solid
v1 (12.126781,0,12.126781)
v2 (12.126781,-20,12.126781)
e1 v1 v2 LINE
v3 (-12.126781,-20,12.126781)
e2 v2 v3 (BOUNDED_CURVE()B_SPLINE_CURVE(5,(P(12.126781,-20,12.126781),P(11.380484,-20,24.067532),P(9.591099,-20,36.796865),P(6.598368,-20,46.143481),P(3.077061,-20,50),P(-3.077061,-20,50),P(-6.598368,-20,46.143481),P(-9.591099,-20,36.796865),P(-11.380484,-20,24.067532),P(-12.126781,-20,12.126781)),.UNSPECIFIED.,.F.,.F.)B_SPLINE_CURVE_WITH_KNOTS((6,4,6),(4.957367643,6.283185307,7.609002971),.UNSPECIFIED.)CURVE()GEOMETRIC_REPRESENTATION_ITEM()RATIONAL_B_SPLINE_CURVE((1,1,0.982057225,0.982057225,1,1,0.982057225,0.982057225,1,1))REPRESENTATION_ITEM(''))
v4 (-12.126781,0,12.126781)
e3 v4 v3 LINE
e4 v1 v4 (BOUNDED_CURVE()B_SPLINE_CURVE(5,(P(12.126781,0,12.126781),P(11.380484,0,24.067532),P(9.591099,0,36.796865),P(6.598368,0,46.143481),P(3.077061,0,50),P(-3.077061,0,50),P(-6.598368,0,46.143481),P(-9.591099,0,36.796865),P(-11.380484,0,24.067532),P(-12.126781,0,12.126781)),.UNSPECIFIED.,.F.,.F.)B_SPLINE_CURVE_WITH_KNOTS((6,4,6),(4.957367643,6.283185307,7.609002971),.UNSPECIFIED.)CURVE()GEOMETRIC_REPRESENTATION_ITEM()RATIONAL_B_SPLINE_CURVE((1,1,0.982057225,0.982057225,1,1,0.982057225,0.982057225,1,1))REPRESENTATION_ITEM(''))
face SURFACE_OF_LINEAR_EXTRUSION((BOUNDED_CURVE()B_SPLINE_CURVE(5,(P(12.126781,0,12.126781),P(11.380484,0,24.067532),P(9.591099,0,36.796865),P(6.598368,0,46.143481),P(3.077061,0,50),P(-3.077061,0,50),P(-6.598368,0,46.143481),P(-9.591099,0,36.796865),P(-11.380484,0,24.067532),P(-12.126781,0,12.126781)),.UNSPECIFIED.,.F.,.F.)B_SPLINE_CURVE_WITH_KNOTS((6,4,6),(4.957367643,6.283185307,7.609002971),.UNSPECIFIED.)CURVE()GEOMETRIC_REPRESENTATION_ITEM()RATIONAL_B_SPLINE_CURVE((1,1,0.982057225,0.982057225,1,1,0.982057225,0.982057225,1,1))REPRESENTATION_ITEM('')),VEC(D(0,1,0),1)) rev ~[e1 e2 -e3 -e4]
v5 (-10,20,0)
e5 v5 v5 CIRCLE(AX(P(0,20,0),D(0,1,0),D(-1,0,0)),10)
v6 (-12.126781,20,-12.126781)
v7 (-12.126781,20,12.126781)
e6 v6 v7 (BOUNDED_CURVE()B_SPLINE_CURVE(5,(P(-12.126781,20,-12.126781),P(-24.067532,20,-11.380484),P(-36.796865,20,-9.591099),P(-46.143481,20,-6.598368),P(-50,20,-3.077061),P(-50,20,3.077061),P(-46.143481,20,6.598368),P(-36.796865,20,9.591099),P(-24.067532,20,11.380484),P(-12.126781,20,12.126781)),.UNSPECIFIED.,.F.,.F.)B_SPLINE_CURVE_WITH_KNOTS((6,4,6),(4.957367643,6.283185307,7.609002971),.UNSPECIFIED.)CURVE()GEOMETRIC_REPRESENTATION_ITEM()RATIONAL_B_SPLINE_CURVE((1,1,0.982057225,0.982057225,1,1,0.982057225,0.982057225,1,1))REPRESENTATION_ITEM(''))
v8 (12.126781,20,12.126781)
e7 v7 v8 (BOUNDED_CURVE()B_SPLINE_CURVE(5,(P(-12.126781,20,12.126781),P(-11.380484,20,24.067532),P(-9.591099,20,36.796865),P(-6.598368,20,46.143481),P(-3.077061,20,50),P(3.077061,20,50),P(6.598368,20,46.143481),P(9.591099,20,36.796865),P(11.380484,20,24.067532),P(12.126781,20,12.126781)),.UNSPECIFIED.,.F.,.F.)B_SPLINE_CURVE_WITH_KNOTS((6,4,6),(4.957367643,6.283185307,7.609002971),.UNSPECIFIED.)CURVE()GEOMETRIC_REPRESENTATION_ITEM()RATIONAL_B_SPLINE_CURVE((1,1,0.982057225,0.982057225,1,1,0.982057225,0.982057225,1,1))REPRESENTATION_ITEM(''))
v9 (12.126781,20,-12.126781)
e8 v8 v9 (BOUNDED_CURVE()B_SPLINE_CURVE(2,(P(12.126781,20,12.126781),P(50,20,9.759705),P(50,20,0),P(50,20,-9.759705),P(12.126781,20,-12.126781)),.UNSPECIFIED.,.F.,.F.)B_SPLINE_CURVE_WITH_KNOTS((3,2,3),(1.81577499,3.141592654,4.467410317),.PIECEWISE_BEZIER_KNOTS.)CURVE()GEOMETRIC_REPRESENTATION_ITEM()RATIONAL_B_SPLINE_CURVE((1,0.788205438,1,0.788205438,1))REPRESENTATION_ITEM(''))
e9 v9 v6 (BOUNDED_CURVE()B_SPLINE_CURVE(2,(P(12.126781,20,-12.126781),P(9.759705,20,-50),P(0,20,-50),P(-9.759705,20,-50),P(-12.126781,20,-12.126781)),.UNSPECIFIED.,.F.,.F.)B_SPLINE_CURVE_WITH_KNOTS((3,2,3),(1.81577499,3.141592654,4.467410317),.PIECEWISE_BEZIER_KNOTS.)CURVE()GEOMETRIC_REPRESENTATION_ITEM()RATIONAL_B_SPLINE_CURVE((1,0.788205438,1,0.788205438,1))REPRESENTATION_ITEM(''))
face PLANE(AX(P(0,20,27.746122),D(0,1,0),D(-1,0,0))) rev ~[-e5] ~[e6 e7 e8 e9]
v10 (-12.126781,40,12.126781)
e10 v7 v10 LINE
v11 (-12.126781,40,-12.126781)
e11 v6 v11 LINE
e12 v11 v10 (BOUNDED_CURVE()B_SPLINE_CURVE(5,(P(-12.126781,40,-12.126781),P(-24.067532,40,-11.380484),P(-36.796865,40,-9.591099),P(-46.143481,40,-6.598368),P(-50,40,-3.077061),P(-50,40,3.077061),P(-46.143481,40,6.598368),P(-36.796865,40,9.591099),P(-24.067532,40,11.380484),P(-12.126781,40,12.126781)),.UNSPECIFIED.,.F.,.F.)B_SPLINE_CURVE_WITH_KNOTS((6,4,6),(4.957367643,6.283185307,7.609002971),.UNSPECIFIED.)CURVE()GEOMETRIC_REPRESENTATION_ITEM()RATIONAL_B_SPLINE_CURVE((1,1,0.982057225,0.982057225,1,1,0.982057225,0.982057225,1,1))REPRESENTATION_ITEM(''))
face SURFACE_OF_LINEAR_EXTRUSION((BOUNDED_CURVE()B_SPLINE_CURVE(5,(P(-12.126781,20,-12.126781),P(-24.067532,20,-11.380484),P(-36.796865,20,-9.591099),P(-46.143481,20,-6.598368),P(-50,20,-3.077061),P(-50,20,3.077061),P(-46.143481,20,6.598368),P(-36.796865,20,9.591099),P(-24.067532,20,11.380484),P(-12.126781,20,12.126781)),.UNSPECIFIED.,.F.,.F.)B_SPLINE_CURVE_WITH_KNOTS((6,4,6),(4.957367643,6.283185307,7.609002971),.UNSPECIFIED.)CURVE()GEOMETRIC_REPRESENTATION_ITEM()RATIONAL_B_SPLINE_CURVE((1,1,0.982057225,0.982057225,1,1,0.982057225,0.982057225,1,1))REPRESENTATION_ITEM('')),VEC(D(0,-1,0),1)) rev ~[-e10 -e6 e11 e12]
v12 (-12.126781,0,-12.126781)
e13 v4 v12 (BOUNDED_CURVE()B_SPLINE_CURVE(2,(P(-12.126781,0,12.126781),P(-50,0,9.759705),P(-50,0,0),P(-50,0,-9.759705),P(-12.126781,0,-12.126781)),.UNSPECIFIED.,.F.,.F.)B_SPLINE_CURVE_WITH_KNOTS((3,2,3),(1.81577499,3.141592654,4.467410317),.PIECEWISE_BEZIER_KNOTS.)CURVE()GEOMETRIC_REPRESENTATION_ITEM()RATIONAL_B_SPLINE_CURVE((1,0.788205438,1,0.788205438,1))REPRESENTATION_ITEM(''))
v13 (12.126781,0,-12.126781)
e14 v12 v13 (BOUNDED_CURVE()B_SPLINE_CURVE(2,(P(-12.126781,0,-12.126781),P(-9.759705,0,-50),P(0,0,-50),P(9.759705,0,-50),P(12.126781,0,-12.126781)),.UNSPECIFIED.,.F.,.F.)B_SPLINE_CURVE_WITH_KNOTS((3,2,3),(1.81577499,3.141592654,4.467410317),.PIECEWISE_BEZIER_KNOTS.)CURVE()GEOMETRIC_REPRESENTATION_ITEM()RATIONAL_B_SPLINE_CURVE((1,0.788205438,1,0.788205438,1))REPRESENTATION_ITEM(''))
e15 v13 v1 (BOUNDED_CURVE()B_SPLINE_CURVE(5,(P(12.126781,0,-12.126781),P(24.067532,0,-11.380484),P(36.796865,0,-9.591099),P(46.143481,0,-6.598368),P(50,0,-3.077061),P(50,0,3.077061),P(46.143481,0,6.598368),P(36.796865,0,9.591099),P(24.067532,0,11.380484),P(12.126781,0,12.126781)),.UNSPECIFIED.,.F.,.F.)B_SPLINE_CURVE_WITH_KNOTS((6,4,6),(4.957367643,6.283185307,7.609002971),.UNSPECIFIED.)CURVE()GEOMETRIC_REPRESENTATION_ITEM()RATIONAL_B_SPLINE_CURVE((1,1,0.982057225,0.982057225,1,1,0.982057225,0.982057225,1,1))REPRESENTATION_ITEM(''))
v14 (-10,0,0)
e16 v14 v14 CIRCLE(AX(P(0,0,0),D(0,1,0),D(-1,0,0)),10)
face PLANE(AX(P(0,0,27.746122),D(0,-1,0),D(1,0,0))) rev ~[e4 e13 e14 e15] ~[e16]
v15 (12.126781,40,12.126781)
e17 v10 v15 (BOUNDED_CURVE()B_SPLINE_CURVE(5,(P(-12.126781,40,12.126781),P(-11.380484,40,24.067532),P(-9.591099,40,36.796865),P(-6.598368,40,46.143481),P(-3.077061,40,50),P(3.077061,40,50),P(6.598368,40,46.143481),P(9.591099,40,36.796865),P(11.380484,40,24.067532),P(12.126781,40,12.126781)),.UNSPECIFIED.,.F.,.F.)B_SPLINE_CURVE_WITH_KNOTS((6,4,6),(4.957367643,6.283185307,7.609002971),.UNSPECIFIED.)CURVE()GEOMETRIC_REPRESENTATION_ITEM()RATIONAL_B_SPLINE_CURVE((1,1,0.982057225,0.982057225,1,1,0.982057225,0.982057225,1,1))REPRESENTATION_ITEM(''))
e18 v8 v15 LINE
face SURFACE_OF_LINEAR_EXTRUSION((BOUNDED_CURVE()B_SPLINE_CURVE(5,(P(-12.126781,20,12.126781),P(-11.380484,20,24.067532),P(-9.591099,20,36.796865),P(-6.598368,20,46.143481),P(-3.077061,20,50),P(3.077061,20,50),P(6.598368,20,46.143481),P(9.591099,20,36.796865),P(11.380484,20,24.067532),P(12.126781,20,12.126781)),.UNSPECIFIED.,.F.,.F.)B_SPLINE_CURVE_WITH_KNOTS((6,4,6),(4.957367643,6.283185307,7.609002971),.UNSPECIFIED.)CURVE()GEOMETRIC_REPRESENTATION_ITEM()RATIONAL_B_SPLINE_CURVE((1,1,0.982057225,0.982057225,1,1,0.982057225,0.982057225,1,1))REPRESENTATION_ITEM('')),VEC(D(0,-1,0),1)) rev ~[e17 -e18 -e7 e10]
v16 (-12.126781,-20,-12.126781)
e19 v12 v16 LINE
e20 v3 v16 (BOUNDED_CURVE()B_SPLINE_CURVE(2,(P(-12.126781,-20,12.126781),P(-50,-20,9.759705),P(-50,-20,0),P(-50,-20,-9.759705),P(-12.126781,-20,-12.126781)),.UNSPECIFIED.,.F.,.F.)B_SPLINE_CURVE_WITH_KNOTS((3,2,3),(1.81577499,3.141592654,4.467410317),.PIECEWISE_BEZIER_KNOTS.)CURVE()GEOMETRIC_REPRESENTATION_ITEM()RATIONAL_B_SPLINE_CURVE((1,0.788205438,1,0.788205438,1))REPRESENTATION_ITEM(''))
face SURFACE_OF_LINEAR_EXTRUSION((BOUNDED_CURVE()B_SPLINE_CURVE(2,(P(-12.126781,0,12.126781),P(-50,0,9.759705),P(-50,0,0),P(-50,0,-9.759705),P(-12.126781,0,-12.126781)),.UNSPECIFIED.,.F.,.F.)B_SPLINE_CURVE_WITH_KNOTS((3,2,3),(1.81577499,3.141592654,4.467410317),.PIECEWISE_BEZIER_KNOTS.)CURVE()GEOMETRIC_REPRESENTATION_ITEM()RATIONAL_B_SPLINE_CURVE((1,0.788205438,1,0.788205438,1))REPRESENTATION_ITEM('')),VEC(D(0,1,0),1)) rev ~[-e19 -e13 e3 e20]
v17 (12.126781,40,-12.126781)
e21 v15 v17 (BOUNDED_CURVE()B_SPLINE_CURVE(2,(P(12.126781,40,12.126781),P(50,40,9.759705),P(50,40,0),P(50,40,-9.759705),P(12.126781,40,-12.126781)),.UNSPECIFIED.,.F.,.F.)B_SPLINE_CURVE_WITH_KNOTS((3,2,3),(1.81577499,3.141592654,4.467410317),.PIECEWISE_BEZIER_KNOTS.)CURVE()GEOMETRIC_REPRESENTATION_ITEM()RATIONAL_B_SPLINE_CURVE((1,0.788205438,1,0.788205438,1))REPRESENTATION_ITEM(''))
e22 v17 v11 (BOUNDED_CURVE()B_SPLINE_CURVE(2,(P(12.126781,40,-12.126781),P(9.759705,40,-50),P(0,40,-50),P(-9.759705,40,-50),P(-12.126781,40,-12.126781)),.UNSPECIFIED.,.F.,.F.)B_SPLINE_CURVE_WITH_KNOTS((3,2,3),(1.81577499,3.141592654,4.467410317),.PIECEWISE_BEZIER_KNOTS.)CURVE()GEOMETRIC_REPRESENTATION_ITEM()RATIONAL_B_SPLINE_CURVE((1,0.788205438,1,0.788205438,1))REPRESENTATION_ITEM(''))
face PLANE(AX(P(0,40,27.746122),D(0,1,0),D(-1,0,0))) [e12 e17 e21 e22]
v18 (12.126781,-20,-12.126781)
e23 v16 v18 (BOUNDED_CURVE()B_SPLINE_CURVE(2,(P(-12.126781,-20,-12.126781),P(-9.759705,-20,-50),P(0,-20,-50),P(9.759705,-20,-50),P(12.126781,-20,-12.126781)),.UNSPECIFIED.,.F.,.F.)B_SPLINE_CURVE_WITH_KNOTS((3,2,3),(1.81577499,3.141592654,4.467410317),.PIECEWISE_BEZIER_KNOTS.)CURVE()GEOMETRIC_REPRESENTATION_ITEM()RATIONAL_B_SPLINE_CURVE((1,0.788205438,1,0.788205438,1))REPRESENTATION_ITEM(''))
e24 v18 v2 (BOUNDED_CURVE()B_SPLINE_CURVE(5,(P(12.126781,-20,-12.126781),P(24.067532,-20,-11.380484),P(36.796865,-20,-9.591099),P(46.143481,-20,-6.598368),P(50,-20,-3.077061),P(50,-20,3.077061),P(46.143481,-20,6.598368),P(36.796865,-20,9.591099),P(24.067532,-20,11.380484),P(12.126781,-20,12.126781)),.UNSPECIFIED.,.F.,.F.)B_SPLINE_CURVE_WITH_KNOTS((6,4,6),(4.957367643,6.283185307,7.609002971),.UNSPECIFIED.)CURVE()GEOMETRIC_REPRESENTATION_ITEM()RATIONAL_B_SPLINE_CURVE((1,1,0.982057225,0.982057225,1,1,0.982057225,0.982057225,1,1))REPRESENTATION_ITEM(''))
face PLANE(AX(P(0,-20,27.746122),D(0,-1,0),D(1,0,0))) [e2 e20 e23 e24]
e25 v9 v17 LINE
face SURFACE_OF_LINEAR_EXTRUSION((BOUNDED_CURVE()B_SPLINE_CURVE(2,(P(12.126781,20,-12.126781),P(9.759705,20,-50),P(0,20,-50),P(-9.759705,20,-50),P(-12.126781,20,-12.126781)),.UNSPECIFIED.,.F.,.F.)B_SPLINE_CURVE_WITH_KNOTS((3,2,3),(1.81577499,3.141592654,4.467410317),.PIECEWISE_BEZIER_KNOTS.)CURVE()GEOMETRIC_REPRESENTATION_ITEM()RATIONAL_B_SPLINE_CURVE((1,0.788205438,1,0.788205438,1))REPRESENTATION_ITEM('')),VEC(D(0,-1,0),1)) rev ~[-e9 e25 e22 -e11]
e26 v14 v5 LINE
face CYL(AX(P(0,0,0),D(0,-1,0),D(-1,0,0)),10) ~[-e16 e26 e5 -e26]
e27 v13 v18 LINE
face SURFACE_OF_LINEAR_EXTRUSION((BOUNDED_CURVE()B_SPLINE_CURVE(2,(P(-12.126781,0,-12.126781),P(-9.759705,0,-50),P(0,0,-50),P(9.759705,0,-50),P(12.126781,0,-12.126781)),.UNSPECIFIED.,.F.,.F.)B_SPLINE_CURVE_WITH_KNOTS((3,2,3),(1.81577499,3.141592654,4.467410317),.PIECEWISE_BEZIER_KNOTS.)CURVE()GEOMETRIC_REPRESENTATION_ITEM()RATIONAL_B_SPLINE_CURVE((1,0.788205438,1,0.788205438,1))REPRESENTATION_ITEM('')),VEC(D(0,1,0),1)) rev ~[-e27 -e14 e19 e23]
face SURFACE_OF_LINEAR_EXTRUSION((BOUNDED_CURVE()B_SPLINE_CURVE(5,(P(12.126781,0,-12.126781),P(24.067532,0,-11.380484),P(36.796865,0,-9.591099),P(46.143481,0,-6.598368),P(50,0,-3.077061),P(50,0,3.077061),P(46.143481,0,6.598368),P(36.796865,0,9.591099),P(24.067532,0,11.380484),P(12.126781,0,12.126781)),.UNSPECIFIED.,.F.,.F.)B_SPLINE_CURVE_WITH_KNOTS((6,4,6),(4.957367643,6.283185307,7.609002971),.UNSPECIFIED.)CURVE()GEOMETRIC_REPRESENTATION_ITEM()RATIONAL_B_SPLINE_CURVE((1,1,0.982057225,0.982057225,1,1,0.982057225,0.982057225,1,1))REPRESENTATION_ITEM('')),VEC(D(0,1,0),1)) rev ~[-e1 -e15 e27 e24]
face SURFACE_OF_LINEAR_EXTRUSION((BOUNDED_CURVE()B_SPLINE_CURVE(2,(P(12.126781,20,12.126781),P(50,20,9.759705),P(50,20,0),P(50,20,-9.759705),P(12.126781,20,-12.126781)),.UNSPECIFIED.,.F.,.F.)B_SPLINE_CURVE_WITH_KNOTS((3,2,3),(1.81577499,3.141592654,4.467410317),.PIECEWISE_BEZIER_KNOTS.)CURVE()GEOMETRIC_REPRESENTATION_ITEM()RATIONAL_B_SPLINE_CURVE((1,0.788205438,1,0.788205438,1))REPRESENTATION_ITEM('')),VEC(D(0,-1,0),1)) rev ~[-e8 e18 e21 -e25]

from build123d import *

# Parameters (mm, degrees)
F1_DEPTH = 20
F2_R     = 10
F3_DEPTH = 20
F5_DEPTH = 20


with BuildPart() as f1:
    # F0 (on Front) → F1 (new body)
    with BuildSketch(Plane.XZ):
        with BuildLine():
            add(Edge.make_bspline(
                [(12.1267812518, 12.1267812518), (9.7597050801, 50), (0, 50)],
                knots=[4.9573676435, 4.9573676435, 4.9573676435, 6.2831853072, 6.2831853072, 6.2831853072], degree=2, weights=[1, 0.788205438, 1]))
            add(Edge.make_bspline(
                [(0, 50), (-9.7597050801, 50), (-12.1267812518, 12.1267812518)],
                knots=[0, 0, 0, 1.3258176637, 1.3258176637, 1.3258176637], degree=2, weights=[1, 0.788205438, 1]))
            add(Edge.make_bspline(
                [(12.1267812518, 12.1267812518), (0, 12.8847050801), (-12.1267812518, 12.1267812518)],
                knots=[1.3258176637, 1.3258176637, 1.3258176637, 1.8157749899, 1.8157749899, 1.8157749899], degree=2, weights=[1, 0.9701425001, 1]))
        make_face()
        with BuildLine():
            add(Edge.make_bspline(
                [(12.1267812518, 12.1267812518), (0, 12.8847050801), (-12.1267812518, 12.1267812518)],
                knots=[1.3258176637, 1.3258176637, 1.3258176637, 1.8157749899, 1.8157749899, 1.8157749899], degree=2, weights=[1, 0.9701425001, 1]))
            add(Edge.make_bspline(
                [(-12.1267812518, 12.1267812518), (-12.8847050801, 0), (-12.1267812518, -12.1267812518)],
                knots=[1.3258176637, 1.3258176637, 1.3258176637, 1.8157749899, 1.8157749899, 1.8157749899], degree=2, weights=[1, 0.9701425001, 1]))
            add(Edge.make_bspline(
                [(-12.1267812518, -12.1267812518), (0, -12.8847050801), (12.1267812518, -12.1267812518)],
                knots=[4.4674103173, 4.4674103173, 4.4674103173, 4.9573676435, 4.9573676435, 4.9573676435], degree=2, weights=[1, 0.9701425001, 1]))
            add(Edge.make_bspline(
                [(12.1267812518, -12.1267812518), (12.8847050801, 0), (12.1267812518, 12.1267812518)],
                knots=[4.4674103173, 4.4674103173, 4.4674103173, 4.9573676435, 4.9573676435, 4.9573676435], degree=2, weights=[1, 0.9701425001, 1]))
        make_face()
        with BuildLine():
            add(Edge.make_bspline(
                [(-12.1267812518, 12.1267812518), (-12.8847050801, 0), (-12.1267812518, -12.1267812518)],
                knots=[1.3258176637, 1.3258176637, 1.3258176637, 1.8157749899, 1.8157749899, 1.8157749899], degree=2, weights=[1, 0.9701425001, 1]))
            add(Edge.make_bspline(
                [(-12.1267812518, 12.1267812518), (-50, 9.7597050801), (-50, 0), (-50, -9.7597050801), (-12.1267812518, -12.1267812518)],
                knots=[1.8157749899, 1.8157749899, 1.8157749899, 3.1415926536, 3.1415926536, 4.4674103173, 4.4674103173, 4.4674103173], degree=2, weights=[1, 0.788205438, 1, 0.788205438, 1]))
        make_face()
        with BuildLine():
            add(Edge.make_bspline(
                [(50, 0), (50, 9.7597050801), (12.1267812518, 12.1267812518)],
                knots=[0, 0, 0, 1.3258176637, 1.3258176637, 1.3258176637], degree=2, weights=[1, 0.788205438, 1]))
            add(Edge.make_bspline(
                [(12.1267812518, -12.1267812518), (12.8847050801, 0), (12.1267812518, 12.1267812518)],
                knots=[4.4674103173, 4.4674103173, 4.4674103173, 4.9573676435, 4.9573676435, 4.9573676435], degree=2, weights=[1, 0.9701425001, 1]))
            add(Edge.make_bspline(
                [(12.1267812518, -12.1267812518), (50, -9.7597050801), (50, 0)],
                knots=[4.9573676435, 4.9573676435, 4.9573676435, 6.2831853072, 6.2831853072, 6.2831853072], degree=2, weights=[1, 0.788205438, 1]))
        make_face()
        with BuildLine():
            add(Edge.make_bspline(
                [(-12.1267812518, -12.1267812518), (0, -12.8847050801), (12.1267812518, -12.1267812518)],
                knots=[4.4674103173, 4.4674103173, 4.4674103173, 4.9573676435, 4.9573676435, 4.9573676435], degree=2, weights=[1, 0.9701425001, 1]))
            add(Edge.make_bspline(
                [(-12.1267812518, -12.1267812518), (-9.7597050801, -50), (0, -50), (9.7597050801, -50), (12.1267812518, -12.1267812518)],
                knots=[1.8157749899, 1.8157749899, 1.8157749899, 3.1415926536, 3.1415926536, 4.4674103173, 4.4674103173, 4.4674103173], degree=2, weights=[1, 0.788205438, 1, 0.788205438, 1]))
        make_face()
    extrude(amount=F1_DEPTH)

    # F2 (on face) → F3 (join)
    with BuildSketch(Plane(origin=(0, 0, 0), x_dir=(-1, 0, 0), z_dir=(0, 1, 0))):
        Circle(F2_R)
    extrude(amount=F3_DEPTH)

    # F4 (on face) → F5 (join)
    with BuildSketch(Plane(origin=(0, 20, 0), x_dir=(-1, 0, 0), z_dir=(0, 1, 0))):
        with BuildLine():
            add(Edge.make_bspline(
                [(12.1267812518, 12.1267812518), (9.7597050801, 50), (0, 50)],
                knots=[4.9573676435, 4.9573676435, 4.9573676435, 6.2831853072, 6.2831853072, 6.2831853072], degree=2, weights=[1, 0.788205438, 1]))
            add(Edge.make_bspline(
                [(0, 50), (-9.7597050801, 50), (-12.1267812518, 12.1267812518)],
                knots=[0, 0, 0, 1.3258176637, 1.3258176637, 1.3258176637], degree=2, weights=[1, 0.788205438, 1]))
            add(Edge.make_bspline(
                [(12.1267812518, 12.1267812518), (0, 12.8847050801), (-12.1267812518, 12.1267812518)],
                knots=[1.3258176637, 1.3258176637, 1.3258176637, 1.8157749899, 1.8157749899, 1.8157749899], degree=2, weights=[1, 0.9701425001, 1]))
        make_face()
        with BuildLine():
            add(Edge.make_bspline(
                [(12.1267812518, 12.1267812518), (0, 12.8847050801), (-12.1267812518, 12.1267812518)],
                knots=[1.3258176637, 1.3258176637, 1.3258176637, 1.8157749899, 1.8157749899, 1.8157749899], degree=2, weights=[1, 0.9701425001, 1]))
            add(Edge.make_bspline(
                [(-12.1267812518, 12.1267812518), (-12.8847050801, 0), (-12.1267812518, -12.1267812518)],
                knots=[1.3258176637, 1.3258176637, 1.3258176637, 1.8157749899, 1.8157749899, 1.8157749899], degree=2, weights=[1, 0.9701425001, 1]))
            add(Edge.make_bspline(
                [(-12.1267812518, -12.1267812518), (0, -12.8847050801), (12.1267812518, -12.1267812518)],
                knots=[4.4674103173, 4.4674103173, 4.4674103173, 4.9573676435, 4.9573676435, 4.9573676435], degree=2, weights=[1, 0.9701425001, 1]))
            add(Edge.make_bspline(
                [(12.1267812518, -12.1267812518), (12.8847050801, 0), (12.1267812518, 12.1267812518)],
                knots=[4.4674103173, 4.4674103173, 4.4674103173, 4.9573676435, 4.9573676435, 4.9573676435], degree=2, weights=[1, 0.9701425001, 1]))
        make_face()
        with BuildLine():
            add(Edge.make_bspline(
                [(-12.1267812518, 12.1267812518), (-12.8847050801, 0), (-12.1267812518, -12.1267812518)],
                knots=[1.3258176637, 1.3258176637, 1.3258176637, 1.8157749899, 1.8157749899, 1.8157749899], degree=2, weights=[1, 0.9701425001, 1]))
            add(Edge.make_bspline(
                [(-12.1267812518, 12.1267812518), (-50, 9.7597050801), (-50, 0), (-50, -9.7597050801), (-12.1267812518, -12.1267812518)],
                knots=[1.8157749899, 1.8157749899, 1.8157749899, 3.1415926536, 3.1415926536, 4.4674103173, 4.4674103173, 4.4674103173], degree=2, weights=[1, 0.788205438, 1, 0.788205438, 1]))
        make_face()
        with BuildLine():
            add(Edge.make_bspline(
                [(50, 0), (50, 9.7597050801), (12.1267812518, 12.1267812518)],
                knots=[0, 0, 0, 1.3258176637, 1.3258176637, 1.3258176637], degree=2, weights=[1, 0.788205438, 1]))
            add(Edge.make_bspline(
                [(12.1267812518, -12.1267812518), (12.8847050801, 0), (12.1267812518, 12.1267812518)],
                knots=[4.4674103173, 4.4674103173, 4.4674103173, 4.9573676435, 4.9573676435, 4.9573676435], degree=2, weights=[1, 0.9701425001, 1]))
            add(Edge.make_bspline(
                [(12.1267812518, -12.1267812518), (50, -9.7597050801), (50, 0)],
                knots=[4.9573676435, 4.9573676435, 4.9573676435, 6.2831853072, 6.2831853072, 6.2831853072], degree=2, weights=[1, 0.788205438, 1]))
        make_face()
        with BuildLine():
            add(Edge.make_bspline(
                [(-12.1267812518, -12.1267812518), (0, -12.8847050801), (12.1267812518, -12.1267812518)],
                knots=[4.4674103173, 4.4674103173, 4.4674103173, 4.9573676435, 4.9573676435, 4.9573676435], degree=2, weights=[1, 0.9701425001, 1]))
            add(Edge.make_bspline(
                [(-12.1267812518, -12.1267812518), (-9.7597050801, -50), (0, -50), (9.7597050801, -50), (12.1267812518, -12.1267812518)],
                knots=[1.8157749899, 1.8157749899, 1.8157749899, 3.1415926536, 3.1415926536, 4.4674103173, 4.4674103173, 4.4674103173], degree=2, weights=[1, 0.788205438, 1, 0.788205438, 1]))
        make_face()
    extrude(amount=F5_DEPTH)


solid = f1.part
